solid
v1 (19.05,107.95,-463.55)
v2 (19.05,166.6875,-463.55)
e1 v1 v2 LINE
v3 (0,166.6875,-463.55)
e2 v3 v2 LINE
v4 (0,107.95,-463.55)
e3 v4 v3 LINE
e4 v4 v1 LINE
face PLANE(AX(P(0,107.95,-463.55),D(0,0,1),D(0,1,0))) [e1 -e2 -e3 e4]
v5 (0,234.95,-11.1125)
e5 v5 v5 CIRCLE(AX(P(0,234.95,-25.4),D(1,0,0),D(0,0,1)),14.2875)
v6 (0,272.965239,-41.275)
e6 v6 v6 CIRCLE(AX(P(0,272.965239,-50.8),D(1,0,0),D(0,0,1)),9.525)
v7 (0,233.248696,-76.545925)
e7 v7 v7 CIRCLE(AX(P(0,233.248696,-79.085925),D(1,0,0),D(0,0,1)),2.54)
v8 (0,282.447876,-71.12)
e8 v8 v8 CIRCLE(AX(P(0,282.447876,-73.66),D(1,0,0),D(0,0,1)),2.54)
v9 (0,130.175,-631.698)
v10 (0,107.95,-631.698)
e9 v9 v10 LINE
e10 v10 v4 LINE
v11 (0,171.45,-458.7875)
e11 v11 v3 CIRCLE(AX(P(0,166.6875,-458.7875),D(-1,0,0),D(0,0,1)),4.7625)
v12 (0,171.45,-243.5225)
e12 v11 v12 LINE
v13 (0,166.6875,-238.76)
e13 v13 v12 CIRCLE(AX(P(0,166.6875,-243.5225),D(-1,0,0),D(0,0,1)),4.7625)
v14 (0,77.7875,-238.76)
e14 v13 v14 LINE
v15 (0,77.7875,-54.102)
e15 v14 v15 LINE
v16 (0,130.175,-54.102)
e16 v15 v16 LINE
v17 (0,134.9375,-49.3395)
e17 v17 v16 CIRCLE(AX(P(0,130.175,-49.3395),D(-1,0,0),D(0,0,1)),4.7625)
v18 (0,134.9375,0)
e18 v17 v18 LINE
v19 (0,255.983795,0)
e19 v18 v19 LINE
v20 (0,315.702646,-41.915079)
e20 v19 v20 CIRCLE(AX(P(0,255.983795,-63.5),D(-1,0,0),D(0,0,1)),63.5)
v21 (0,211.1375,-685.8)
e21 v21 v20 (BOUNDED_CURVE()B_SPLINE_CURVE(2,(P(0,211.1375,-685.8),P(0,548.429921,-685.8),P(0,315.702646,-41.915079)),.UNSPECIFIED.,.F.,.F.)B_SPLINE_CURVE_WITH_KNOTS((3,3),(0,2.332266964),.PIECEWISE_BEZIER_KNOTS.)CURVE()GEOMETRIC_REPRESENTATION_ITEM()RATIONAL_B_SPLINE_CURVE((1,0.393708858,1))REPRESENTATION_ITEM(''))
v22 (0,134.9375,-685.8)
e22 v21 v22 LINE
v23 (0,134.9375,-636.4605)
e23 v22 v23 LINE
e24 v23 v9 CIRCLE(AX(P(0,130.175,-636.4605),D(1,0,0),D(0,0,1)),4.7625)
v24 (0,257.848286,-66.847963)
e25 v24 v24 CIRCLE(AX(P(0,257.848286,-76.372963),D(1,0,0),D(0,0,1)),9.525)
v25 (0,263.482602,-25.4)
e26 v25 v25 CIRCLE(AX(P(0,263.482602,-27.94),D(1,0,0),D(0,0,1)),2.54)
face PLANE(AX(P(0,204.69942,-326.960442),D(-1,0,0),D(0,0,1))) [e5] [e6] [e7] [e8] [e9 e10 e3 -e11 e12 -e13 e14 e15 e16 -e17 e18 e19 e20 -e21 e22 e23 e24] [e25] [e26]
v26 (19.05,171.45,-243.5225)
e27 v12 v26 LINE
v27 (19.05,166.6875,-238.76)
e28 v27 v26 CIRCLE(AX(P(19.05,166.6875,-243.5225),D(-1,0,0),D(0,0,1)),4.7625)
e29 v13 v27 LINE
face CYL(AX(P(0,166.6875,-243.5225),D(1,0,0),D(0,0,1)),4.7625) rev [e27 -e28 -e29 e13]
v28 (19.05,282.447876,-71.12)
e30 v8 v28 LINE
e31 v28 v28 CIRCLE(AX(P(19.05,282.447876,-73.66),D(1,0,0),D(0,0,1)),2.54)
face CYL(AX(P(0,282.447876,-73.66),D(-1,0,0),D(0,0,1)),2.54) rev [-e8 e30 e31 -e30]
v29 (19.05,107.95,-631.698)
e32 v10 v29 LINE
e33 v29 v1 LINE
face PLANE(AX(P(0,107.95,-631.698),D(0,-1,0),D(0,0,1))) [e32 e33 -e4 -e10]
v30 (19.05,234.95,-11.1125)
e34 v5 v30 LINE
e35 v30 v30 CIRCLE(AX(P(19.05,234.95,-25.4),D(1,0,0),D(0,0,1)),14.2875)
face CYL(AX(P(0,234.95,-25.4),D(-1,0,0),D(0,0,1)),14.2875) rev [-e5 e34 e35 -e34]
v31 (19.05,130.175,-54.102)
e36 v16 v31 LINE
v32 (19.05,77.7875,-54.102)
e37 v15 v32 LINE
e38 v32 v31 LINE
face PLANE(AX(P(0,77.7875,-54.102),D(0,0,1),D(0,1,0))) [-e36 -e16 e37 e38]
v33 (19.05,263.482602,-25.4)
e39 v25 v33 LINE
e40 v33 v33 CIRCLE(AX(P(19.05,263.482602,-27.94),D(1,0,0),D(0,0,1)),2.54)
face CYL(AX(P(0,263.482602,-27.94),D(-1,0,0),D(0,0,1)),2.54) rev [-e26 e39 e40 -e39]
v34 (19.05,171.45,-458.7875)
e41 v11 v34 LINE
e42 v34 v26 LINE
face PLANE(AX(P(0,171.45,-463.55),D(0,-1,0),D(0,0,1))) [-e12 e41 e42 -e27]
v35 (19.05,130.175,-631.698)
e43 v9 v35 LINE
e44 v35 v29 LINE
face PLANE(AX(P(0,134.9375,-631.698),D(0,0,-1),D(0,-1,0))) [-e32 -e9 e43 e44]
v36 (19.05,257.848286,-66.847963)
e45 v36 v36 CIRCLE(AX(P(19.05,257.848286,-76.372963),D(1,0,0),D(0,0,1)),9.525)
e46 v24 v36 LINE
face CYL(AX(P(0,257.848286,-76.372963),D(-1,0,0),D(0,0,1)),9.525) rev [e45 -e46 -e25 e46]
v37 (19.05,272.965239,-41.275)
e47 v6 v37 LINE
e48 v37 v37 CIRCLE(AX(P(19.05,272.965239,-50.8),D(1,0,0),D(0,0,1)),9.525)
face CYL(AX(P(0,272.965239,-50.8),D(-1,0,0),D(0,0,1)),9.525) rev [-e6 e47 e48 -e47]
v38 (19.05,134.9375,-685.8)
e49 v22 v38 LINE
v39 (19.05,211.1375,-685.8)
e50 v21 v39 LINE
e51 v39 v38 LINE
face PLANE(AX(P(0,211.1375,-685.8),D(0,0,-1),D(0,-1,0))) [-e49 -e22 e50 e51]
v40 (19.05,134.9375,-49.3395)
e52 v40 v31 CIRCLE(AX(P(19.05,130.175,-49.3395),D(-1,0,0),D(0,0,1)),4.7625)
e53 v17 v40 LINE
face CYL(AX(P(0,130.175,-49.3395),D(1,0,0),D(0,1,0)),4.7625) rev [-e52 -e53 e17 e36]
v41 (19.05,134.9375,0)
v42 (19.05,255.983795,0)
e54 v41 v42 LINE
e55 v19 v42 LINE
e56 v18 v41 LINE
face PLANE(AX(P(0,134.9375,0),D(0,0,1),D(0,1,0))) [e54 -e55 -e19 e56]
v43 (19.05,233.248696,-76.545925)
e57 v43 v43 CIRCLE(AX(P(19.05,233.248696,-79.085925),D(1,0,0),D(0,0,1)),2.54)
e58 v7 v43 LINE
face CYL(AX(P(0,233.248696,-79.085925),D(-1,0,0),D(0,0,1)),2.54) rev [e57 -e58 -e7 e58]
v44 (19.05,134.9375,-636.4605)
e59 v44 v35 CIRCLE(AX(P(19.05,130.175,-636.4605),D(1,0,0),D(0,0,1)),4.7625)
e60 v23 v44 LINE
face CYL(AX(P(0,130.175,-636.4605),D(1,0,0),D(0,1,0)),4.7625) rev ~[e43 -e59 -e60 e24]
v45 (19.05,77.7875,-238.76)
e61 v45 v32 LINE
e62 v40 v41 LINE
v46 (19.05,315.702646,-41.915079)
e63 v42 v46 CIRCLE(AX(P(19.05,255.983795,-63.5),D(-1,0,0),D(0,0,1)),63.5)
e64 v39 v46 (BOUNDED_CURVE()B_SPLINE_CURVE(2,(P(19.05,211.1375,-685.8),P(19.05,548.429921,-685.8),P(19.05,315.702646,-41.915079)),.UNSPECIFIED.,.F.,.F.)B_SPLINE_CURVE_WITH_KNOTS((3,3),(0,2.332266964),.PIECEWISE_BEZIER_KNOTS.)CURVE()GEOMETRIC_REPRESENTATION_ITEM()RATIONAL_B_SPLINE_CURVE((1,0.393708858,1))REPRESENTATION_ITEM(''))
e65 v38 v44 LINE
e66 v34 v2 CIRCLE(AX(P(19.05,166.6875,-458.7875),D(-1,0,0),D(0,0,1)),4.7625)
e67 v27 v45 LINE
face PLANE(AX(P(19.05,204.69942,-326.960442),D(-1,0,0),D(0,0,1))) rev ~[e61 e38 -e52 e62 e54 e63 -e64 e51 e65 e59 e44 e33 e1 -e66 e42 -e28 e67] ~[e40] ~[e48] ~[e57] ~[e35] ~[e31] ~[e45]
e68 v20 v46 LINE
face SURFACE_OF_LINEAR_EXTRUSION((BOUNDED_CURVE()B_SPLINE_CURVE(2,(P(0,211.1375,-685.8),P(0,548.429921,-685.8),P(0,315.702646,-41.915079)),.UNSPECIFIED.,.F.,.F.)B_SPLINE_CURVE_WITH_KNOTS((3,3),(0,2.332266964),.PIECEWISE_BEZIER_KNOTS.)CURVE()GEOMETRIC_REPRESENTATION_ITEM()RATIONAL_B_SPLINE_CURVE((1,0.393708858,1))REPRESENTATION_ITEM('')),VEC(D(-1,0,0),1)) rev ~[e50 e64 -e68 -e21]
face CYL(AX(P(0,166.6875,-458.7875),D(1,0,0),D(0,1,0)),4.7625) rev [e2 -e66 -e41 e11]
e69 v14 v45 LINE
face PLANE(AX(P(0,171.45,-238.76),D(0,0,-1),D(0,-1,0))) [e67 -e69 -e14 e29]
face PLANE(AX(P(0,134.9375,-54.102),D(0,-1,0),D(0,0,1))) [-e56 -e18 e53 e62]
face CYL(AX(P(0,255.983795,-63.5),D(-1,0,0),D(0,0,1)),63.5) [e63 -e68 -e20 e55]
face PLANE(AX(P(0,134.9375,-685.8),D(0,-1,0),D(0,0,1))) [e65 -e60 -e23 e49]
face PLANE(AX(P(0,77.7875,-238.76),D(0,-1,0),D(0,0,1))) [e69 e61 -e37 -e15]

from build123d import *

# Parameters (mm, degrees)
SKETCH1_R           = 14.2875
SKETCH1_R_2         = 9.525
SKETCH1_R_3         = 2.54
BOSS_EXTRUDE1_DEPTH = 19.05
FILLET1_R           = 4.7625


with BuildPart() as part:
    # Sketch1 → Boss-Extrude1 (new body)
    with BuildSketch(Plane(origin=(0, 0, 0), x_dir=(0, 0, -1), z_dir=(1, 0, 0))):
        with BuildLine():
            Line((54.102, 134.9375), (0, 134.9375))
            Line((0, 134.9375), (0, 255.983795331))
            ThreePointArc((0, 255.983795331), (11.524561047, 292.463978248), (41.915078603, 315.702646361))
            add(Edge.make_bspline(
                [(685.8, 211.1375), (685.8, 548.429920531), (41.915078603, 315.702646361)],
                knots=[0, 0, 0, 2.332266964, 2.332266964, 2.332266964], degree=2, weights=[1, 0.393708858, 1]))
            Line((685.8, 211.1375), (685.8, 134.9375))
            Line((685.8, 134.9375), (631.698, 134.9375))
            Line((631.698, 134.9375), (631.698, 107.95))
            Line((631.698, 107.95), (463.55, 107.95))
            Line((463.55, 107.95), (463.55, 171.45))
            Line((463.55, 171.45), (238.76, 171.45))
            Line((238.76, 171.45), (238.76, 77.7875))
            Line((238.76, 77.7875), (54.102, 77.7875))
            Line((54.102, 77.7875), (54.102, 134.9375))
        make_face()
        with Locations(Location((25.4, 234.95, 0), (0, 0, 180))):
            Circle(SKETCH1_R, mode=Mode.SUBTRACT)
        with Locations(Location((50.8, 272.96523905, 0), (0, 0, 180))):
            Circle(SKETCH1_R_2, mode=Mode.SUBTRACT)
        with Locations(Location((73.66, 282.447875814, 0), (0, 0, 180))):
            Circle(SKETCH1_R_3, mode=Mode.SUBTRACT)
        with Locations(Location((27.94, 263.482602286, 0), (0, 0, 180))):
            Circle(SKETCH1_R_3, mode=Mode.SUBTRACT)
        with Locations(Location((76.372962562, 257.848285692, 0), (0, 0, 180))):
            Circle(SKETCH1_R_2, mode=Mode.SUBTRACT)
        with Locations(Location((79.085925124, 233.248695571, 0), (0, 0, 180))):
            Circle(SKETCH1_R_3, mode=Mode.SUBTRACT)
    extrude(amount=BOSS_EXTRUDE1_DEPTH)

    # Fillet1
    fillet1_edges = [part.edges().sort_by_distance(p)[0] for p in [
        (9.525, 134.9375, -631.698),
        (9.525, 171.45, -463.55),
        (9.525, 171.45, -238.76),
        (9.525, 134.9375, -54.102),
    ]]
    fillet(fillet1_edges, radius=FILLET1_R)


solid = part.part
